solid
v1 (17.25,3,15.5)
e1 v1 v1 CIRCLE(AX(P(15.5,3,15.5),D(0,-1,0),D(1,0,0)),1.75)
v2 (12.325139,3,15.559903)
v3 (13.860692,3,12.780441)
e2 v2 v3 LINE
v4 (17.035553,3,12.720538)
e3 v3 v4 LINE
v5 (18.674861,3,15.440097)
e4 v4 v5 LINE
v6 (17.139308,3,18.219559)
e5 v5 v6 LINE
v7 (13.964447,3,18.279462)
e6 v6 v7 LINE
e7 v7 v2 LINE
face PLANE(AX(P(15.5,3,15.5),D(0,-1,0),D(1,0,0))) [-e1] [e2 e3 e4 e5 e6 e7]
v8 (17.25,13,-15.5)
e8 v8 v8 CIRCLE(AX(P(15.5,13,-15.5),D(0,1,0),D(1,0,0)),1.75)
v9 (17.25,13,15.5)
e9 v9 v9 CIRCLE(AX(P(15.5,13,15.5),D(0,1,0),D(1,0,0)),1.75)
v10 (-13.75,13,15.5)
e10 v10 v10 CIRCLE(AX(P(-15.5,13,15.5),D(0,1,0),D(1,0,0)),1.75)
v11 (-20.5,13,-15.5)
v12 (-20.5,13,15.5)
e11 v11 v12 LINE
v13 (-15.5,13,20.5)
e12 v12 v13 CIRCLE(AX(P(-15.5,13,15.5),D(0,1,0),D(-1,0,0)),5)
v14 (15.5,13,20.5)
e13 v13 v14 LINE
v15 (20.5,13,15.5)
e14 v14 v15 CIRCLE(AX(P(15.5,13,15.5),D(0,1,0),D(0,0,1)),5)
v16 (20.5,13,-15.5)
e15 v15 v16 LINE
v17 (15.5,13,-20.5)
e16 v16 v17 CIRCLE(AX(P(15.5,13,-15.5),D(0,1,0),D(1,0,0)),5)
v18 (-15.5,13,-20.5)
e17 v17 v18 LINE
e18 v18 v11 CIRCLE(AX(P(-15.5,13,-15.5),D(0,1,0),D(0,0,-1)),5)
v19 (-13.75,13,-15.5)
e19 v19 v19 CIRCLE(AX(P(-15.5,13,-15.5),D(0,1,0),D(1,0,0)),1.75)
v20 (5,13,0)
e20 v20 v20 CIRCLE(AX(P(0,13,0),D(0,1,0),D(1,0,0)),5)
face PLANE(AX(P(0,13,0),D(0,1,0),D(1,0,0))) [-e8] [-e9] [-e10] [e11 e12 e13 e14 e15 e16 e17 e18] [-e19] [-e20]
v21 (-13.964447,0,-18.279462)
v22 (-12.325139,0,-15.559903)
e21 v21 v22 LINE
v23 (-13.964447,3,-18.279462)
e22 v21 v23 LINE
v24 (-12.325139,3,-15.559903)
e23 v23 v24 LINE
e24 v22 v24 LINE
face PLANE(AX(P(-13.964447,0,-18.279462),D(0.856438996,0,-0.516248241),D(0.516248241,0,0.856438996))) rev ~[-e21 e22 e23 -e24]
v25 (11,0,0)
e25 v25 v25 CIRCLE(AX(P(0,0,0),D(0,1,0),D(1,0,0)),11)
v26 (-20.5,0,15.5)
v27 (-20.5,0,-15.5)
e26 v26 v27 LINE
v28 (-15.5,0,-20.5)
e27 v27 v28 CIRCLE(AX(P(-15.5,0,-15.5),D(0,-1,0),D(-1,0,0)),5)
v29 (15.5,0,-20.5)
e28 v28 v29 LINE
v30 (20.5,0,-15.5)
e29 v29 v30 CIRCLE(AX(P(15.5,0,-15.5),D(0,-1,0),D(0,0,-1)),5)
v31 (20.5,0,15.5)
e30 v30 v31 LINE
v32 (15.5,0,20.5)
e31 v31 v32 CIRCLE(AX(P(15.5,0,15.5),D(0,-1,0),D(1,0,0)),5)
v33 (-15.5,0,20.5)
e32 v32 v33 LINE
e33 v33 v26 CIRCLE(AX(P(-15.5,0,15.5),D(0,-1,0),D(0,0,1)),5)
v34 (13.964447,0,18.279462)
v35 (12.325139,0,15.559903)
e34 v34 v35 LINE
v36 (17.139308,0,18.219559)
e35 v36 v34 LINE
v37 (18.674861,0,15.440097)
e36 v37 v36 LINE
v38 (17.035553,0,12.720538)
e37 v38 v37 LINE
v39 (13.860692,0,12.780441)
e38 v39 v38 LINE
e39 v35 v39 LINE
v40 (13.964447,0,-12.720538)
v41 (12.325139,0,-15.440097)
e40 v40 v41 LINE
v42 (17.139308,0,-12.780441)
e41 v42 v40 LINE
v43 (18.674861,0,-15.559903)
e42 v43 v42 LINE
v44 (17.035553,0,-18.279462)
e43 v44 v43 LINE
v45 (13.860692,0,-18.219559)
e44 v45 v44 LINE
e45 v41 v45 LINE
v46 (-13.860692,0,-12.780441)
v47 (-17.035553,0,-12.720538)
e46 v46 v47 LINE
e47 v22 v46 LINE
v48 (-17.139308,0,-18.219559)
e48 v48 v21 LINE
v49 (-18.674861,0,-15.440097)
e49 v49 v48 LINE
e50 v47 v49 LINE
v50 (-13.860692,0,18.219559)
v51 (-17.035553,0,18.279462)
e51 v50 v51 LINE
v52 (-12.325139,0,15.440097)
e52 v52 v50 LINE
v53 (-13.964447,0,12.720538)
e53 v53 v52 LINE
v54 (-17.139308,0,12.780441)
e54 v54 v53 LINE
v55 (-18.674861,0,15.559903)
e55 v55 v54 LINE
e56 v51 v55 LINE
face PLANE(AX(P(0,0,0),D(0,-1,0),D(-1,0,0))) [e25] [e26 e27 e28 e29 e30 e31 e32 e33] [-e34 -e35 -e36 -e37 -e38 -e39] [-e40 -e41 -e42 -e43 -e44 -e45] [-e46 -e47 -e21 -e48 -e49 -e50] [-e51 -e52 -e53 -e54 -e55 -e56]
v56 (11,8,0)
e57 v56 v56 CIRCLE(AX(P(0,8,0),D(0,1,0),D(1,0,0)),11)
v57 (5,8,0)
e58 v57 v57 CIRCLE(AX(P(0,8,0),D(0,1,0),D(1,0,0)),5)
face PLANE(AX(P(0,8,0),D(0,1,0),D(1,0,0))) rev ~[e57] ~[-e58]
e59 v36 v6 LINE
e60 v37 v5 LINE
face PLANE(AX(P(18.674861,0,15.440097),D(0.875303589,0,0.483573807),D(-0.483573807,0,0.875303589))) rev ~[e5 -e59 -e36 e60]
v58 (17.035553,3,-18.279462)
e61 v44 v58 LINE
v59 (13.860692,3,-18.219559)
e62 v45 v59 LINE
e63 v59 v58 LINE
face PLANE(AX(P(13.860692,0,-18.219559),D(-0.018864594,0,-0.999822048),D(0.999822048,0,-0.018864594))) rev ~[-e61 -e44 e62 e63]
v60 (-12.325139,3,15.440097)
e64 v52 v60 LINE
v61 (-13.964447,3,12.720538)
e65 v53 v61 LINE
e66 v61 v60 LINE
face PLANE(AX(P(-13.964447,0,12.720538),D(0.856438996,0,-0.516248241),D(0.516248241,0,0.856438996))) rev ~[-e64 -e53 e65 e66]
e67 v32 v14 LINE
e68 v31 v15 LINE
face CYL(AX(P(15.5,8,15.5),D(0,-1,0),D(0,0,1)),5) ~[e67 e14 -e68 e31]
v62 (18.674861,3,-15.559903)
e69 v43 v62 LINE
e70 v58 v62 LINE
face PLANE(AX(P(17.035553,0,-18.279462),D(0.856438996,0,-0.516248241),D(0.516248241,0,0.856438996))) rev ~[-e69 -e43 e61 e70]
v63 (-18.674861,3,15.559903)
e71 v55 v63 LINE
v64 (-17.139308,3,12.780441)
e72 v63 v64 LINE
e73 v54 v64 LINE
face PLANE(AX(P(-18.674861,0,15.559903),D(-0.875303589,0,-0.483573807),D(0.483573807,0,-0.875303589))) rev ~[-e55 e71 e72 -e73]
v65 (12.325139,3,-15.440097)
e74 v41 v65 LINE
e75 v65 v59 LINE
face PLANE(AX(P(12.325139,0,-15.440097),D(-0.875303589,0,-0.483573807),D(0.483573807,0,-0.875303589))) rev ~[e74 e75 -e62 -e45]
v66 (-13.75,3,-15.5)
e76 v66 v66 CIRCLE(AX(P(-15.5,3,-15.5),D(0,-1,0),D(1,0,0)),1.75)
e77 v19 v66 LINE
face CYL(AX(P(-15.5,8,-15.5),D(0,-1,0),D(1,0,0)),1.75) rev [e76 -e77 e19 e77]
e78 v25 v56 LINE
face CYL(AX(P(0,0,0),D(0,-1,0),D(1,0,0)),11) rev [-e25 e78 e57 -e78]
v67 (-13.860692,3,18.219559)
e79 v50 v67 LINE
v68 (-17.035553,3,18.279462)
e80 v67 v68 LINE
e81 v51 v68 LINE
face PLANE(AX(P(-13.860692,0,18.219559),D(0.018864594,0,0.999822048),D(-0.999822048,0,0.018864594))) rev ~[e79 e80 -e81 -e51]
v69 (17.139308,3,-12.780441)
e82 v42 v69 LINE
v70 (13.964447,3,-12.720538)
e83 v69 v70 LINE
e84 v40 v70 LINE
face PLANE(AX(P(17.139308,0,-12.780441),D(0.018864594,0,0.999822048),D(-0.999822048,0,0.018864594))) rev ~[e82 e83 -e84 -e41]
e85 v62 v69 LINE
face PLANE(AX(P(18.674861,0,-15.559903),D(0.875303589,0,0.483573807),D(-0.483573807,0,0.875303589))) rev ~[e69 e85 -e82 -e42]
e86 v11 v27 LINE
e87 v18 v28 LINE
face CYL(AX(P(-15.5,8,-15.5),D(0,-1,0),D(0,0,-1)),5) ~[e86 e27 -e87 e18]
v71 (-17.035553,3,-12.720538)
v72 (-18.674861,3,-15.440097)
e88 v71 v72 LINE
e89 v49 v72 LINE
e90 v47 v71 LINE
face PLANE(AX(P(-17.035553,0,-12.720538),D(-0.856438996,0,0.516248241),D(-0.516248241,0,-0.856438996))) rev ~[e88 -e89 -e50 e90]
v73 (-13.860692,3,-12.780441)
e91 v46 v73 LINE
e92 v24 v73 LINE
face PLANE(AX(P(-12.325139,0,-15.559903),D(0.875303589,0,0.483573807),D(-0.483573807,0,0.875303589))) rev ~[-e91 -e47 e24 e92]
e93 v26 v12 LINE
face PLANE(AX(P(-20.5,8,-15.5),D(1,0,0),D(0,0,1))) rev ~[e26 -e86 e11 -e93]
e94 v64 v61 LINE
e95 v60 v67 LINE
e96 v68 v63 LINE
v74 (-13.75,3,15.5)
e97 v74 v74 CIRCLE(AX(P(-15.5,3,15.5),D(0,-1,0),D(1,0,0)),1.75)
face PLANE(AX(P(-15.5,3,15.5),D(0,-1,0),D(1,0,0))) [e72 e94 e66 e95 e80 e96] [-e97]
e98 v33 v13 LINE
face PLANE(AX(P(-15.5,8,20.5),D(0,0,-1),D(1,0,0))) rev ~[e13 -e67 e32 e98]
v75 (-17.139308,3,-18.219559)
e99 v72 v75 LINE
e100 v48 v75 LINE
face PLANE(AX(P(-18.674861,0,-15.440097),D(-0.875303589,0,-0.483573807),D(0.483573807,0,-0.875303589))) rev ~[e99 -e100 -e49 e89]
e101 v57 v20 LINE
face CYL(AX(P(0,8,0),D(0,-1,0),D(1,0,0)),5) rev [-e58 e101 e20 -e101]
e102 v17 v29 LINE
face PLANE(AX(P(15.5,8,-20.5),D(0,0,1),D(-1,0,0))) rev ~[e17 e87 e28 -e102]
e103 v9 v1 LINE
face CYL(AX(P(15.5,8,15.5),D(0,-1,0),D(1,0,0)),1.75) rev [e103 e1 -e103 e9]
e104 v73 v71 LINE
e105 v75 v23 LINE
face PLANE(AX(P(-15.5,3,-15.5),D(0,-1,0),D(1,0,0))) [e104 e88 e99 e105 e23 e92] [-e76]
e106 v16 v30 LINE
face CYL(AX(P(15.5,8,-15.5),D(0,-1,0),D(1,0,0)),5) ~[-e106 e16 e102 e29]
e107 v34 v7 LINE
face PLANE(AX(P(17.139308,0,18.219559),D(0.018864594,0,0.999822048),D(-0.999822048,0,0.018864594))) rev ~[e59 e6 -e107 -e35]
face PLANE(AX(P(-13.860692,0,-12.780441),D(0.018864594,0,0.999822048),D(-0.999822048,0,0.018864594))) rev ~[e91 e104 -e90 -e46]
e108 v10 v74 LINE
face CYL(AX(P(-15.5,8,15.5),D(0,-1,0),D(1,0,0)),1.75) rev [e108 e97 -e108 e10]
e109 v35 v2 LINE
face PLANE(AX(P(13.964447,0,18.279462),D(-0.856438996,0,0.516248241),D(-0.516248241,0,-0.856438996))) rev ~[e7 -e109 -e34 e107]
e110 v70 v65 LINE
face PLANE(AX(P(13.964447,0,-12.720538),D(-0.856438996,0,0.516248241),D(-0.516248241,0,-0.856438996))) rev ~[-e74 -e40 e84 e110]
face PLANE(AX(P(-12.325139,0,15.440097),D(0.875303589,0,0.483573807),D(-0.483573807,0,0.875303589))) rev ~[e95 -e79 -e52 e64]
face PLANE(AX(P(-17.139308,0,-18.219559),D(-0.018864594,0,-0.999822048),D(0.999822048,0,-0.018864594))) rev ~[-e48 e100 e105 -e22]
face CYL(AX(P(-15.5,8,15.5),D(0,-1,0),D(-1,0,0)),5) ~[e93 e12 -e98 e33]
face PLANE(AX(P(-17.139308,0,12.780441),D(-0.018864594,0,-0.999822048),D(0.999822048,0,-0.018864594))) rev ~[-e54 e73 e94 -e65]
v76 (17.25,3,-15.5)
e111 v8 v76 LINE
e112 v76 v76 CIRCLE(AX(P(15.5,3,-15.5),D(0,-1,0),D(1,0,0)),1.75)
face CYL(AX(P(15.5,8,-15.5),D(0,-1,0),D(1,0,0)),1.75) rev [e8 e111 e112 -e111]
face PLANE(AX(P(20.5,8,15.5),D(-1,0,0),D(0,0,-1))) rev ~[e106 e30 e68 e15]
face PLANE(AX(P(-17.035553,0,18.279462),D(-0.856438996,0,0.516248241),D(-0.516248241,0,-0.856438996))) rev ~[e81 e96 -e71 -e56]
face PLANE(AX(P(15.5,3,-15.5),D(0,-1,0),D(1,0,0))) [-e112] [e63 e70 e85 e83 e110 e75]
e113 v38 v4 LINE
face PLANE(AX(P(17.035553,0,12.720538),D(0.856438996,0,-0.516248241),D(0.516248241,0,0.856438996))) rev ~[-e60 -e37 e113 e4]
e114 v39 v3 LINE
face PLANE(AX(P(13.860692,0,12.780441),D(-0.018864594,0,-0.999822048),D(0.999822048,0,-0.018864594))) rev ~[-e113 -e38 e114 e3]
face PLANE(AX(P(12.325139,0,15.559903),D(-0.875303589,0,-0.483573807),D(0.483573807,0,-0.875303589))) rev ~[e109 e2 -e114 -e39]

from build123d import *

# Parameters (mm, degrees)
SKETCH1_R           = 11
SKETCH1_R_2         = 1.75
BOSS_EXTRUDE1_DEPTH = 8
SKETCH2_R           = 1.75
SKETCH2_R_2         = 5
BOSS_EXTRUDE2_DEPTH = 5
CUT_EXTRUDE1_DEPTH  = 3


with BuildPart() as part:
    # Sketch1 → Boss-Extrude1 (new body)
    with BuildSketch(Plane(origin=(0, 0, 0), x_dir=(1, 0, 0), z_dir=(0, 1, 0))):
        with BuildLine():
            Line((-15.5, 20.5), (15.5, 20.5))
            ThreePointArc((15.5, 20.5), (19.035533906, 19.035533906), (20.5, 15.5))
            Line((20.5, 15.5), (20.5, -15.5))
            ThreePointArc((20.5, -15.5), (19.035533906, -19.035533906), (15.5, -20.5))
            Line((15.5, -20.5), (-15.5, -20.5))
            ThreePointArc((-15.5, -20.5), (-19.035533906, -19.035533906), (-20.5, -15.5))
            Line((-20.5, -15.5), (-20.5, 15.5))
            ThreePointArc((-20.5, 15.5), (-19.035533906, 19.035533906), (-15.5, 20.5))
        make_face()
        Circle(SKETCH1_R, mode=Mode.SUBTRACT)
        with Locations((-15.5, 15.5)):
            Circle(SKETCH1_R_2, mode=Mode.SUBTRACT)
        with Locations((15.5, 15.5)):
            Circle(SKETCH1_R_2, mode=Mode.SUBTRACT)
        with Locations((15.5, -15.5)):
            Circle(SKETCH1_R_2, mode=Mode.SUBTRACT)
        with Locations((-15.5, -15.5)):
            Circle(SKETCH1_R_2, mode=Mode.SUBTRACT)
    extrude(amount=BOSS_EXTRUDE1_DEPTH)

    # Sketch2 → Boss-Extrude2 (add)
    with BuildSketch(Plane(origin=(0, 8, 0), x_dir=(1, 0, 0), z_dir=(0, 1, 0))):
        with BuildLine():
            Line((-20.5, 15.5), (-20.5, -15.5))
            ThreePointArc((-20.5, -15.5), (-19.035533906, -19.035533906), (-15.5, -20.5))
            Line((-15.5, -20.5), (15.5, -20.5))
            ThreePointArc((15.5, -20.5), (19.035533906, -19.035533906), (20.5, -15.5))
            Line((20.5, -15.5), (20.5, 15.5))
            ThreePointArc((20.5, 15.5), (19.035533906, 19.035533906), (15.5, 20.5))
            Line((15.5, 20.5), (-15.5, 20.5))
            ThreePointArc((-15.5, 20.5), (-19.035533906, 19.035533906), (-20.5, 15.5))
        make_face()
        with Locations((15.5, 15.5)):
            Circle(SKETCH2_R, mode=Mode.SUBTRACT)
        with Locations((15.5, -15.5)):
            Circle(SKETCH2_R, mode=Mode.SUBTRACT)
        with Locations((-15.5, 15.5)):
            Circle(SKETCH2_R, mode=Mode.SUBTRACT)
        Circle(SKETCH2_R_2, mode=Mode.SUBTRACT)
        with Locations((-15.5, -15.5)):
            Circle(SKETCH2_R, mode=Mode.SUBTRACT)
    extrude(amount=BOSS_EXTRUDE2_DEPTH)

    # Sketch3 → Cut-Extrude1 (cut)
    with BuildSketch(Plane.XZ):
        Polygon((-13.860691665, 18.219559066), (-17.035553071, 18.279462196), (-18.674861406, 15.55990313), (-17.139308335, 12.780440934), (-13.964446929, 12.720537804), (-12.325138594, 15.44009687), align=None)
        Polygon((12.325138594, 15.55990313), (13.860691665, 12.780440934), (17.035553071, 12.720537804), (18.674861406, 15.44009687), (17.139308335, 18.219559066), (13.964446929, 18.279462196), align=None)
        Polygon((13.964446929, -12.720537804), (12.325138594, -15.44009687), (13.860691665, -18.219559066), (17.035553071, -18.279462196), (18.674861406, -15.55990313), (17.139308335, -12.780440934), align=None)
        Polygon((-13.860691665, -12.780440934), (-17.035553071, -12.720537804), (-18.674861406, -15.44009687), (-17.139308335, -18.219559066), (-13.964446929, -18.279462196), (-12.325138594, -15.55990313), align=None)
    extrude(amount=-CUT_EXTRUDE1_DEPTH, mode=Mode.SUBTRACT)


solid = part.part
